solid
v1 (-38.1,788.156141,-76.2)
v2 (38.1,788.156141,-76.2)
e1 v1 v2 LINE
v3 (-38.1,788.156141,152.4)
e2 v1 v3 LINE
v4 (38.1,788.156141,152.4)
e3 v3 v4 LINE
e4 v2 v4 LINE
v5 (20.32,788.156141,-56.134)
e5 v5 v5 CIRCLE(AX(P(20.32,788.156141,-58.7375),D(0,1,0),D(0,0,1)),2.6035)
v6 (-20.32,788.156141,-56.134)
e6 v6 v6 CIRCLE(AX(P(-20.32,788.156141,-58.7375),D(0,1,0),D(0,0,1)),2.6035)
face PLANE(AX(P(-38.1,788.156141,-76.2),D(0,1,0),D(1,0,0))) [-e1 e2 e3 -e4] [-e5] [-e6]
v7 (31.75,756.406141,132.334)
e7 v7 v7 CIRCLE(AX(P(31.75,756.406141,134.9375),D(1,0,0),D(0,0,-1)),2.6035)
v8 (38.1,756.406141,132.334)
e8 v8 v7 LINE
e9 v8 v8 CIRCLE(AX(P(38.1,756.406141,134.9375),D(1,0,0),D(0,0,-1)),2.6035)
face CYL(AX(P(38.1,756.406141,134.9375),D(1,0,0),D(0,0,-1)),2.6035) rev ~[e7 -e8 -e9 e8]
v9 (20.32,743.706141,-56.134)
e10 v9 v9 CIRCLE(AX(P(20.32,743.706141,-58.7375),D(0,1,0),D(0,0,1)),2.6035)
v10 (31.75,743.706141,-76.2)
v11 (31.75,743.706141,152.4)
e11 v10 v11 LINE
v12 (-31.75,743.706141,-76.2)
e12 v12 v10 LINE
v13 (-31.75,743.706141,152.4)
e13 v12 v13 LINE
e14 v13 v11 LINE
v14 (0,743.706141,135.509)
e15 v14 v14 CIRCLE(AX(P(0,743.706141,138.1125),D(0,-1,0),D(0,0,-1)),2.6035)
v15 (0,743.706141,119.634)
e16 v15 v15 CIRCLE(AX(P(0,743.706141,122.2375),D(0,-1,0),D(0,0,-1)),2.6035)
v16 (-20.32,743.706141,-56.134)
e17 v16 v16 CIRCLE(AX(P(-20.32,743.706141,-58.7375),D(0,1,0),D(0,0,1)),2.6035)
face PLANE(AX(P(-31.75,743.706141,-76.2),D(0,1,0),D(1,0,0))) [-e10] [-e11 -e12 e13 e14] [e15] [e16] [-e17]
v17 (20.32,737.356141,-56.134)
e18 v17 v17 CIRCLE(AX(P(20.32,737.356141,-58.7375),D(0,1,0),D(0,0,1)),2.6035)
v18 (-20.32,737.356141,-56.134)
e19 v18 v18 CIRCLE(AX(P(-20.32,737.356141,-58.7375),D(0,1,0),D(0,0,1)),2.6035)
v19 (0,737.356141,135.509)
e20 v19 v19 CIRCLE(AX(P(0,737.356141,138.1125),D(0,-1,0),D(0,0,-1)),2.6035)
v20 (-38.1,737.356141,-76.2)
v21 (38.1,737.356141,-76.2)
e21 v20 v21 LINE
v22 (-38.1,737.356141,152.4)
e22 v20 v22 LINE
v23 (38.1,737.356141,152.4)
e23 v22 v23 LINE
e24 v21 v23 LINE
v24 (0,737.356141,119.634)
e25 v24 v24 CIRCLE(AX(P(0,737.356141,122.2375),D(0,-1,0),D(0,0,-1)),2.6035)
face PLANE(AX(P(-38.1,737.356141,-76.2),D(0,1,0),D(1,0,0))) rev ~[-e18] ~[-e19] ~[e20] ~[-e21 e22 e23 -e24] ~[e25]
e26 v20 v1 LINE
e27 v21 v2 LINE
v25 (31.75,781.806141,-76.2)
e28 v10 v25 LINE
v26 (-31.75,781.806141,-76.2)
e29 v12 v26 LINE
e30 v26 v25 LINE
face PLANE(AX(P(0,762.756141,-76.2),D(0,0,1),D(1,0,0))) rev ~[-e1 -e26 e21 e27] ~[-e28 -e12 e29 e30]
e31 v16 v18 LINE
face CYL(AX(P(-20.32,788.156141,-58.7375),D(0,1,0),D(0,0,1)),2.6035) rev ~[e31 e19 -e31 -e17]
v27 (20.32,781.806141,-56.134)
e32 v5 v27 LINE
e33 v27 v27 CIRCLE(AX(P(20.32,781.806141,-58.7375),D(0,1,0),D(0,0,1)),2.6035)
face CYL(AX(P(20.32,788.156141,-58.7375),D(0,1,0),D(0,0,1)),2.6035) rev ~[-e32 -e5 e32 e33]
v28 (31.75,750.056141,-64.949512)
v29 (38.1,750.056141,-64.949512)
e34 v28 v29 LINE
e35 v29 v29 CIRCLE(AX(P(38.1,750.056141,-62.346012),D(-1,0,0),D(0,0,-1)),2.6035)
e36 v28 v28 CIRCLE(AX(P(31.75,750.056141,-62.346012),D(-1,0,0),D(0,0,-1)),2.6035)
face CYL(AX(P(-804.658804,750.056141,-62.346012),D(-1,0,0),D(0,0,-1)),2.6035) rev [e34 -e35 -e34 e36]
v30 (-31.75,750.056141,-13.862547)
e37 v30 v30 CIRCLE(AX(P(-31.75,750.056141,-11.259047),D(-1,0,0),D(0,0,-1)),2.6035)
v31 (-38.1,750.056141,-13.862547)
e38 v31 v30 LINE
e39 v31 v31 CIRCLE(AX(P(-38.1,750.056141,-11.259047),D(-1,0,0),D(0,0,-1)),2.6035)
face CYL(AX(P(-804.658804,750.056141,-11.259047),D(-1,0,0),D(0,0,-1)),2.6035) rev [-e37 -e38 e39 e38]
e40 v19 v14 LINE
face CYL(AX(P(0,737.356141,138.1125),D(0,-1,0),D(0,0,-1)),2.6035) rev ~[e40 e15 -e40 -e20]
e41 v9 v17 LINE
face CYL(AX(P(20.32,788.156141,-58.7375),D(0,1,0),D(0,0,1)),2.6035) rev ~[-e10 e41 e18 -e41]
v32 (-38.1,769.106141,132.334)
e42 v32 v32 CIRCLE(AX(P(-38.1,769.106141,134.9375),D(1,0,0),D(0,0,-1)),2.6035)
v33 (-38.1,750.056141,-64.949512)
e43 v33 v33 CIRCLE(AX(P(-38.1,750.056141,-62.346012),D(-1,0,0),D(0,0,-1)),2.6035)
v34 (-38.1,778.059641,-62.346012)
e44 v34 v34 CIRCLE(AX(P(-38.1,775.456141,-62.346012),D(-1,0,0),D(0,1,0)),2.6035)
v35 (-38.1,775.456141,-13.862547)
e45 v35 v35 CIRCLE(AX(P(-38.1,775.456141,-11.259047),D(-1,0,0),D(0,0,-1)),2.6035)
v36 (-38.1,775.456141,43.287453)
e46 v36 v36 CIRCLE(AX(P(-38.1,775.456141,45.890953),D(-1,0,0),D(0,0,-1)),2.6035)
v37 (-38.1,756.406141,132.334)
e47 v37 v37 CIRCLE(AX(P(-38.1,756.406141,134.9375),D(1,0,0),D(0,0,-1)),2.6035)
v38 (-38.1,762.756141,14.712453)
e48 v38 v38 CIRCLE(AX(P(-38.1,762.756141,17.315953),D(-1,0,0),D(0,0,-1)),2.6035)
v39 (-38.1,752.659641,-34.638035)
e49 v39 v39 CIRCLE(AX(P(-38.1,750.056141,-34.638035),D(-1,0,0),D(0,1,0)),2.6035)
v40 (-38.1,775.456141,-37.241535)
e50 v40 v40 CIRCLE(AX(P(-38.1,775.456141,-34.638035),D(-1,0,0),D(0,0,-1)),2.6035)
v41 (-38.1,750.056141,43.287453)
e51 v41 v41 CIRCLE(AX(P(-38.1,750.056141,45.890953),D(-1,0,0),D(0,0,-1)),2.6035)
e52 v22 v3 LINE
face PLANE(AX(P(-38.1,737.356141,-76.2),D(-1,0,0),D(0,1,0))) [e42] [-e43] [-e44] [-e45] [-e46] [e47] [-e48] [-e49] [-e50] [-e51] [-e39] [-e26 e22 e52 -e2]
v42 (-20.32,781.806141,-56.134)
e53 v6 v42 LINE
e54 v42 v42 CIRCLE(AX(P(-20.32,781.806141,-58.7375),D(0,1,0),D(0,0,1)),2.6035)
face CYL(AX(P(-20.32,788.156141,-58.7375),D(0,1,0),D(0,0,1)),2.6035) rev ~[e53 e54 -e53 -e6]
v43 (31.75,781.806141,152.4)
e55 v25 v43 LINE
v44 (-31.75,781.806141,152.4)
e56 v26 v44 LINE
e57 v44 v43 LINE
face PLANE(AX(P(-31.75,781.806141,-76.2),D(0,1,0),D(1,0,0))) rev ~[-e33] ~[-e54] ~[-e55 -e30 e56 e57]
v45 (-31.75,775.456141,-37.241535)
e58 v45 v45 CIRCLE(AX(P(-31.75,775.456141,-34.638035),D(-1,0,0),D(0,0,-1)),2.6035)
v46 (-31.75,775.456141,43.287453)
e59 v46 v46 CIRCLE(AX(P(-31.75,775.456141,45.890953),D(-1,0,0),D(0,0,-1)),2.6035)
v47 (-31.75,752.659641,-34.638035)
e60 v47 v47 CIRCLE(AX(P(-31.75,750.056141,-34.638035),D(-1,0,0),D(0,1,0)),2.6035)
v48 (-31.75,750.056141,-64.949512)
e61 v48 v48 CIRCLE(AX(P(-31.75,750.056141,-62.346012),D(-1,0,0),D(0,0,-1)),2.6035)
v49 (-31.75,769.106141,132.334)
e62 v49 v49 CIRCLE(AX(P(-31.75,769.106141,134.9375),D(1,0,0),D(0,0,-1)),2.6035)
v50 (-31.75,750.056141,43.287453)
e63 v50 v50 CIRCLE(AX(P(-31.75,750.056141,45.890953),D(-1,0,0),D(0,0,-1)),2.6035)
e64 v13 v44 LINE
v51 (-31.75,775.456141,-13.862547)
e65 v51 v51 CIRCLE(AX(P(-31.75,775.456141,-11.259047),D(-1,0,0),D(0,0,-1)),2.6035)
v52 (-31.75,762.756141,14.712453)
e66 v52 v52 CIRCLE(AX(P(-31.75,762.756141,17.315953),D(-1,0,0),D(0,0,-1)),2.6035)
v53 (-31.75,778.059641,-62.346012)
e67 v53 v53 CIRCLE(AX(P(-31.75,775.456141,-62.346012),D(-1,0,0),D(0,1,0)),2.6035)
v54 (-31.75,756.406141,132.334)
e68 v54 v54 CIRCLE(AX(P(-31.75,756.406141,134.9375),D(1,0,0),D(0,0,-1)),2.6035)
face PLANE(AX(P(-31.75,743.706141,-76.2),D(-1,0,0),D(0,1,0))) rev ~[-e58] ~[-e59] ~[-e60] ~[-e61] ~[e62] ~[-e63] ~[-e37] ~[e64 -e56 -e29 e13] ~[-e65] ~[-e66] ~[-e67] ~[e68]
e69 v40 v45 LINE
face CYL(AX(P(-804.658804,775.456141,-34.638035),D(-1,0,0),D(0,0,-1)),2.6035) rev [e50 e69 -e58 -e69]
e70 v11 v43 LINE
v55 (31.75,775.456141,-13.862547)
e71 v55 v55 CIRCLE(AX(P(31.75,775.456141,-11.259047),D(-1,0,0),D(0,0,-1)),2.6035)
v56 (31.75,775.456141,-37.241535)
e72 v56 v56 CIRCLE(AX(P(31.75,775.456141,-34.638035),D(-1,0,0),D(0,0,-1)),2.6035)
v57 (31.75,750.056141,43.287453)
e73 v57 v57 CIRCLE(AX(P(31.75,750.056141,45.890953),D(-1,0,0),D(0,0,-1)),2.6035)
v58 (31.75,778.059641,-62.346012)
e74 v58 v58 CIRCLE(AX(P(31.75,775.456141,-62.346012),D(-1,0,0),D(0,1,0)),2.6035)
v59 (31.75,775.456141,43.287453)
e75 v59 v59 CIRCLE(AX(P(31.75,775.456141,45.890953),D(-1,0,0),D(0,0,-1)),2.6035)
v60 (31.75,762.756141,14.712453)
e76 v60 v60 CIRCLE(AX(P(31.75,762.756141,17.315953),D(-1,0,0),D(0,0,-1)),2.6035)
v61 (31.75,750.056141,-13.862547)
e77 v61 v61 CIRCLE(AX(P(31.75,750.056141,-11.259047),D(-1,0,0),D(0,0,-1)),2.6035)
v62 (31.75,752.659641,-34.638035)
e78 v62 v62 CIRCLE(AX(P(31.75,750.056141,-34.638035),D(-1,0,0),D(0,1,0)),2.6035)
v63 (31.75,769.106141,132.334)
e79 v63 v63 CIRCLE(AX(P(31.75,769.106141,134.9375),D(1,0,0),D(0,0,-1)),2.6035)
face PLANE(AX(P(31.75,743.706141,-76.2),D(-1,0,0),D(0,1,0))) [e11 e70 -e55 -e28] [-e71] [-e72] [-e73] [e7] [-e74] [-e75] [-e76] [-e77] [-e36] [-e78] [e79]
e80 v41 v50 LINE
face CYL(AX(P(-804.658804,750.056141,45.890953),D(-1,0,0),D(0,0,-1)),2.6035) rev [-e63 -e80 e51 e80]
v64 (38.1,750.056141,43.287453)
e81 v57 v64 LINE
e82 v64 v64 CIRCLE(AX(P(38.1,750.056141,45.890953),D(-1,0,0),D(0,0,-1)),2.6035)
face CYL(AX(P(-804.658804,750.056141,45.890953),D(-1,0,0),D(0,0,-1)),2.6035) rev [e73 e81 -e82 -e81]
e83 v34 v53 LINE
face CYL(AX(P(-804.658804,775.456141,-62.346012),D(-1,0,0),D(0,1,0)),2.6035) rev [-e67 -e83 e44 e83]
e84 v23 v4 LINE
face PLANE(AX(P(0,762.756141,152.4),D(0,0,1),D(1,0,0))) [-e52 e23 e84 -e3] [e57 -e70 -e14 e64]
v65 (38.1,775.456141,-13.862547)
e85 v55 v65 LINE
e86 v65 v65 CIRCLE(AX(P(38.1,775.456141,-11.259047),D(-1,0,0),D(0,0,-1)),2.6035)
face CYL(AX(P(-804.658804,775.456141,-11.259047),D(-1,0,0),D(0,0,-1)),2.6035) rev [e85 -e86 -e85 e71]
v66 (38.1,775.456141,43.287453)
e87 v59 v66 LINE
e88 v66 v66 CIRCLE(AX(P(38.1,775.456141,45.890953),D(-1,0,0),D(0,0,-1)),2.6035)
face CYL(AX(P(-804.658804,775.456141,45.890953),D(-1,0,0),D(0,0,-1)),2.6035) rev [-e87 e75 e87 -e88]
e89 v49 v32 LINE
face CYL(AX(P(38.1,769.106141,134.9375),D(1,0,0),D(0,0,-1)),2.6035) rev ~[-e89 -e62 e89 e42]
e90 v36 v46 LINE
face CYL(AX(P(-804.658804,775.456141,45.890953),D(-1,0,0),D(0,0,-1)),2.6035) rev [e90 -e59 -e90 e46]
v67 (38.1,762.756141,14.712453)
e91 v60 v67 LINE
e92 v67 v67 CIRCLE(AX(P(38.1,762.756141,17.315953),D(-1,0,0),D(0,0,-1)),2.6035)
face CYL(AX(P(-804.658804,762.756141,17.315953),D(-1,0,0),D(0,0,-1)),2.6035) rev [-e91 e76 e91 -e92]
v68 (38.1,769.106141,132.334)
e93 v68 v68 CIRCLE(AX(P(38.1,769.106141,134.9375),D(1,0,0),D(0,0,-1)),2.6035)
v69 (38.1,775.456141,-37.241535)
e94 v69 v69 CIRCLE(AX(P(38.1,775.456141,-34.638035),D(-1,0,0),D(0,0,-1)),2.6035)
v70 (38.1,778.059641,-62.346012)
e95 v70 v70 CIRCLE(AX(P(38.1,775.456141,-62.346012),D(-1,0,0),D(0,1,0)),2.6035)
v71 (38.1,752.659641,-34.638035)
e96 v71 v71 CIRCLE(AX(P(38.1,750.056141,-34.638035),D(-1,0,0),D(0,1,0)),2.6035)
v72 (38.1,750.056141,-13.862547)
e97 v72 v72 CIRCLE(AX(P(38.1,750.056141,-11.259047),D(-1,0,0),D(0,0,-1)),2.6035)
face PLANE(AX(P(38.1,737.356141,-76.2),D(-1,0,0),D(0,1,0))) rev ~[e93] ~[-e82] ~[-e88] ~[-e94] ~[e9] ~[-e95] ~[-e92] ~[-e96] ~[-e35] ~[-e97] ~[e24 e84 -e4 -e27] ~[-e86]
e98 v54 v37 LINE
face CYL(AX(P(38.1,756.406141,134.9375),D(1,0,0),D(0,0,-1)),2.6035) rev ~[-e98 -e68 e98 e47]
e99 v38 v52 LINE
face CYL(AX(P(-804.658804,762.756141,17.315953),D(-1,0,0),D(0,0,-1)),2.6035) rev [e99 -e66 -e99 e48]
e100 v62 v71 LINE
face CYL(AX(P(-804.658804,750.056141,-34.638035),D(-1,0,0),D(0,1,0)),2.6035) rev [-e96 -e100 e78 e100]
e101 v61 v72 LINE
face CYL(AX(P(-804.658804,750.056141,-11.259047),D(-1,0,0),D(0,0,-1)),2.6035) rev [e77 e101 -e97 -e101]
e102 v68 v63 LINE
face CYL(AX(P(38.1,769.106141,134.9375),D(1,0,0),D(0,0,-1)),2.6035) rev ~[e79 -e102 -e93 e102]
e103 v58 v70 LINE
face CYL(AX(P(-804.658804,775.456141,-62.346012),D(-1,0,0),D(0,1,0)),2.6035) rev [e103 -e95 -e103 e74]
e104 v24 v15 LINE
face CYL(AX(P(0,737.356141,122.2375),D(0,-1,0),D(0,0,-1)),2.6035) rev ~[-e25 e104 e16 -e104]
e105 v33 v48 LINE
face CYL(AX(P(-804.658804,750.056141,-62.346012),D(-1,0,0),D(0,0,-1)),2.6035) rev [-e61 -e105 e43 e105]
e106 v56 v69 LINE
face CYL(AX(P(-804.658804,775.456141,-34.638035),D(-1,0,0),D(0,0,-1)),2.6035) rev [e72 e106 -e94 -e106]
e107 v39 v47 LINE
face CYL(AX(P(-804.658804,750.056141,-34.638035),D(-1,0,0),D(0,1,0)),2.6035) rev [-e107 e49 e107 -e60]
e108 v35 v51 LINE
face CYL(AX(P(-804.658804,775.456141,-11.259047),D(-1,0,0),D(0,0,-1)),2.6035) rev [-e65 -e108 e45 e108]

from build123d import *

# Parameters (mm, degrees)
BOSS_EXTRUDE1_DEPTH      = 152.4
BOSS_EXTRUDE1_DEPTH_BACK = 76.2
SKETCH1_W                = 76.2
SKETCH1_H                = 50.8
SKETCH1_W_2              = 63.5
SKETCH1_H_2              = 38.1
CUT_EXTRUDE1_DEPTH       = 804.658803572
CUT_EXTRUDE1_DEPTH_BACK  = 804.658803572
SKETCH2_R                = 2.6035
SKETCH2_R_2              = 2.603499999
SKETCH3_R                = 2.6035
CUT_EXTRUDE2_DEPTH       = 807.363629238
SKETCH4_R                = 2.6035
CUT_EXTRUDE3_DEPTH       = 166.1
CUT_EXTRUDE4_REACH       = 167.1
SKETCH5_R                = 2.6035


with BuildPart() as part:
    # Sketch1 → Boss-Extrude1 (new, two sides: drawn at the far end of the back side and taken through both)
    with BuildSketch(Plane.XY.offset(-BOSS_EXTRUDE1_DEPTH_BACK)):
        with Locations((0, 762.756140976)):
            Rectangle(SKETCH1_W, SKETCH1_H)
        with Locations((0, 762.756140976)):
            Rectangle(SKETCH1_W_2, SKETCH1_H_2, mode=Mode.SUBTRACT)
    extrude(amount=BOSS_EXTRUDE1_DEPTH + BOSS_EXTRUDE1_DEPTH_BACK)

    # Sketch2 → Cut-Extrude1 (cut, two sides: drawn at the far end of the back side and taken through both)
    with BuildSketch(Plane(origin=(0, 0, 0), x_dir=(0, 0, -1), z_dir=(1, 0, 0)).offset(-CUT_EXTRUDE1_DEPTH_BACK)):
        with Locations((62.346011746, 750.056140976)):
            Circle(SKETCH2_R)
        with Locations(Location((34.638035237, 750.056140976, 0), (0, 0, 90))):
            Circle(SKETCH2_R)
        with Locations((34.638035237, 775.456140976)):
            Circle(SKETCH2_R)
        with Locations(Location((62.346011746, 775.456140976, 0), (0, 0, 90))):
            Circle(SKETCH2_R)
        with Locations((11.259046982, 750.056140976)):
            Circle(SKETCH2_R_2)
        with Locations((11.259046982, 775.456140976)):
            Circle(SKETCH2_R_2)
        with Locations((-17.315953018, 762.756140976)):
            Circle(SKETCH2_R_2)
        with Locations((-45.890953018, 775.456140976)):
            Circle(SKETCH2_R_2)
        with Locations((-45.890953018, 750.056140976)):
            Circle(SKETCH2_R_2)
    extrude(amount=CUT_EXTRUDE1_DEPTH + CUT_EXTRUDE1_DEPTH_BACK, mode=Mode.SUBTRACT)

    # Sketch3 → Cut-Extrude2 (cut, through all)
    with BuildSketch(Plane(origin=(38.1, 0, 0), x_dir=(0, 0, -1), z_dir=(1, 0, 0))):
        with Locations((-134.9375, 769.106140976)):
            Circle(SKETCH3_R)
        with Locations((-134.9375, 756.406140976)):
            Circle(SKETCH3_R)
    extrude(amount=-CUT_EXTRUDE2_DEPTH, mode=Mode.SUBTRACT)

    # Sketch4 → Cut-Extrude3 (cut, through all)
    with BuildSketch(Plane(origin=(0, 788.156140976, 0), x_dir=(1, 0, 0), z_dir=(0, 1, 0))):
        with Locations(Location((20.32, 58.7375, 0), (0, 0, 270))):
            Circle(SKETCH4_R)
        with Locations(Location((-20.32, 58.7375, 0), (0, 0, 270))):
            Circle(SKETCH4_R)
    extrude(amount=-CUT_EXTRUDE3_DEPTH, mode=Mode.SUBTRACT)

    # Sketch5 → Cut-Extrude4 (cut, up to next)
    with BuildSketch(Plane.XZ.offset(-737.356140976), mode=Mode.PRIVATE) as cut_extrude4_sk1:
        with Locations(Location((0, 138.1125, 0), (0, 0, 270))):
            Circle(SKETCH5_R)
    cut_extrude4_tool1 = extrude(cut_extrude4_sk1.sketch, amount=-CUT_EXTRUDE4_REACH, mode=Mode.PRIVATE) & part.part
    # Sketch5 → Cut-Extrude4 (cut, up to next)
    with BuildSketch(Plane.XZ.offset(-737.356140976), mode=Mode.PRIVATE) as cut_extrude4_sk2:
        with Locations(Location((0, 122.2375, 0), (0, 0, 270))):
            Circle(SKETCH5_R)
    cut_extrude4_tool2 = extrude(cut_extrude4_sk2.sketch, amount=-CUT_EXTRUDE4_REACH, mode=Mode.PRIVATE) & part.part
    add(cut_extrude4_tool1.solids().sort_by_distance((0, 737.356141, 138.1125))[0], mode=Mode.SUBTRACT)
    add(cut_extrude4_tool2.solids().sort_by_distance((0, 737.356141, 122.2375))[0], mode=Mode.SUBTRACT)


solid = part.part
